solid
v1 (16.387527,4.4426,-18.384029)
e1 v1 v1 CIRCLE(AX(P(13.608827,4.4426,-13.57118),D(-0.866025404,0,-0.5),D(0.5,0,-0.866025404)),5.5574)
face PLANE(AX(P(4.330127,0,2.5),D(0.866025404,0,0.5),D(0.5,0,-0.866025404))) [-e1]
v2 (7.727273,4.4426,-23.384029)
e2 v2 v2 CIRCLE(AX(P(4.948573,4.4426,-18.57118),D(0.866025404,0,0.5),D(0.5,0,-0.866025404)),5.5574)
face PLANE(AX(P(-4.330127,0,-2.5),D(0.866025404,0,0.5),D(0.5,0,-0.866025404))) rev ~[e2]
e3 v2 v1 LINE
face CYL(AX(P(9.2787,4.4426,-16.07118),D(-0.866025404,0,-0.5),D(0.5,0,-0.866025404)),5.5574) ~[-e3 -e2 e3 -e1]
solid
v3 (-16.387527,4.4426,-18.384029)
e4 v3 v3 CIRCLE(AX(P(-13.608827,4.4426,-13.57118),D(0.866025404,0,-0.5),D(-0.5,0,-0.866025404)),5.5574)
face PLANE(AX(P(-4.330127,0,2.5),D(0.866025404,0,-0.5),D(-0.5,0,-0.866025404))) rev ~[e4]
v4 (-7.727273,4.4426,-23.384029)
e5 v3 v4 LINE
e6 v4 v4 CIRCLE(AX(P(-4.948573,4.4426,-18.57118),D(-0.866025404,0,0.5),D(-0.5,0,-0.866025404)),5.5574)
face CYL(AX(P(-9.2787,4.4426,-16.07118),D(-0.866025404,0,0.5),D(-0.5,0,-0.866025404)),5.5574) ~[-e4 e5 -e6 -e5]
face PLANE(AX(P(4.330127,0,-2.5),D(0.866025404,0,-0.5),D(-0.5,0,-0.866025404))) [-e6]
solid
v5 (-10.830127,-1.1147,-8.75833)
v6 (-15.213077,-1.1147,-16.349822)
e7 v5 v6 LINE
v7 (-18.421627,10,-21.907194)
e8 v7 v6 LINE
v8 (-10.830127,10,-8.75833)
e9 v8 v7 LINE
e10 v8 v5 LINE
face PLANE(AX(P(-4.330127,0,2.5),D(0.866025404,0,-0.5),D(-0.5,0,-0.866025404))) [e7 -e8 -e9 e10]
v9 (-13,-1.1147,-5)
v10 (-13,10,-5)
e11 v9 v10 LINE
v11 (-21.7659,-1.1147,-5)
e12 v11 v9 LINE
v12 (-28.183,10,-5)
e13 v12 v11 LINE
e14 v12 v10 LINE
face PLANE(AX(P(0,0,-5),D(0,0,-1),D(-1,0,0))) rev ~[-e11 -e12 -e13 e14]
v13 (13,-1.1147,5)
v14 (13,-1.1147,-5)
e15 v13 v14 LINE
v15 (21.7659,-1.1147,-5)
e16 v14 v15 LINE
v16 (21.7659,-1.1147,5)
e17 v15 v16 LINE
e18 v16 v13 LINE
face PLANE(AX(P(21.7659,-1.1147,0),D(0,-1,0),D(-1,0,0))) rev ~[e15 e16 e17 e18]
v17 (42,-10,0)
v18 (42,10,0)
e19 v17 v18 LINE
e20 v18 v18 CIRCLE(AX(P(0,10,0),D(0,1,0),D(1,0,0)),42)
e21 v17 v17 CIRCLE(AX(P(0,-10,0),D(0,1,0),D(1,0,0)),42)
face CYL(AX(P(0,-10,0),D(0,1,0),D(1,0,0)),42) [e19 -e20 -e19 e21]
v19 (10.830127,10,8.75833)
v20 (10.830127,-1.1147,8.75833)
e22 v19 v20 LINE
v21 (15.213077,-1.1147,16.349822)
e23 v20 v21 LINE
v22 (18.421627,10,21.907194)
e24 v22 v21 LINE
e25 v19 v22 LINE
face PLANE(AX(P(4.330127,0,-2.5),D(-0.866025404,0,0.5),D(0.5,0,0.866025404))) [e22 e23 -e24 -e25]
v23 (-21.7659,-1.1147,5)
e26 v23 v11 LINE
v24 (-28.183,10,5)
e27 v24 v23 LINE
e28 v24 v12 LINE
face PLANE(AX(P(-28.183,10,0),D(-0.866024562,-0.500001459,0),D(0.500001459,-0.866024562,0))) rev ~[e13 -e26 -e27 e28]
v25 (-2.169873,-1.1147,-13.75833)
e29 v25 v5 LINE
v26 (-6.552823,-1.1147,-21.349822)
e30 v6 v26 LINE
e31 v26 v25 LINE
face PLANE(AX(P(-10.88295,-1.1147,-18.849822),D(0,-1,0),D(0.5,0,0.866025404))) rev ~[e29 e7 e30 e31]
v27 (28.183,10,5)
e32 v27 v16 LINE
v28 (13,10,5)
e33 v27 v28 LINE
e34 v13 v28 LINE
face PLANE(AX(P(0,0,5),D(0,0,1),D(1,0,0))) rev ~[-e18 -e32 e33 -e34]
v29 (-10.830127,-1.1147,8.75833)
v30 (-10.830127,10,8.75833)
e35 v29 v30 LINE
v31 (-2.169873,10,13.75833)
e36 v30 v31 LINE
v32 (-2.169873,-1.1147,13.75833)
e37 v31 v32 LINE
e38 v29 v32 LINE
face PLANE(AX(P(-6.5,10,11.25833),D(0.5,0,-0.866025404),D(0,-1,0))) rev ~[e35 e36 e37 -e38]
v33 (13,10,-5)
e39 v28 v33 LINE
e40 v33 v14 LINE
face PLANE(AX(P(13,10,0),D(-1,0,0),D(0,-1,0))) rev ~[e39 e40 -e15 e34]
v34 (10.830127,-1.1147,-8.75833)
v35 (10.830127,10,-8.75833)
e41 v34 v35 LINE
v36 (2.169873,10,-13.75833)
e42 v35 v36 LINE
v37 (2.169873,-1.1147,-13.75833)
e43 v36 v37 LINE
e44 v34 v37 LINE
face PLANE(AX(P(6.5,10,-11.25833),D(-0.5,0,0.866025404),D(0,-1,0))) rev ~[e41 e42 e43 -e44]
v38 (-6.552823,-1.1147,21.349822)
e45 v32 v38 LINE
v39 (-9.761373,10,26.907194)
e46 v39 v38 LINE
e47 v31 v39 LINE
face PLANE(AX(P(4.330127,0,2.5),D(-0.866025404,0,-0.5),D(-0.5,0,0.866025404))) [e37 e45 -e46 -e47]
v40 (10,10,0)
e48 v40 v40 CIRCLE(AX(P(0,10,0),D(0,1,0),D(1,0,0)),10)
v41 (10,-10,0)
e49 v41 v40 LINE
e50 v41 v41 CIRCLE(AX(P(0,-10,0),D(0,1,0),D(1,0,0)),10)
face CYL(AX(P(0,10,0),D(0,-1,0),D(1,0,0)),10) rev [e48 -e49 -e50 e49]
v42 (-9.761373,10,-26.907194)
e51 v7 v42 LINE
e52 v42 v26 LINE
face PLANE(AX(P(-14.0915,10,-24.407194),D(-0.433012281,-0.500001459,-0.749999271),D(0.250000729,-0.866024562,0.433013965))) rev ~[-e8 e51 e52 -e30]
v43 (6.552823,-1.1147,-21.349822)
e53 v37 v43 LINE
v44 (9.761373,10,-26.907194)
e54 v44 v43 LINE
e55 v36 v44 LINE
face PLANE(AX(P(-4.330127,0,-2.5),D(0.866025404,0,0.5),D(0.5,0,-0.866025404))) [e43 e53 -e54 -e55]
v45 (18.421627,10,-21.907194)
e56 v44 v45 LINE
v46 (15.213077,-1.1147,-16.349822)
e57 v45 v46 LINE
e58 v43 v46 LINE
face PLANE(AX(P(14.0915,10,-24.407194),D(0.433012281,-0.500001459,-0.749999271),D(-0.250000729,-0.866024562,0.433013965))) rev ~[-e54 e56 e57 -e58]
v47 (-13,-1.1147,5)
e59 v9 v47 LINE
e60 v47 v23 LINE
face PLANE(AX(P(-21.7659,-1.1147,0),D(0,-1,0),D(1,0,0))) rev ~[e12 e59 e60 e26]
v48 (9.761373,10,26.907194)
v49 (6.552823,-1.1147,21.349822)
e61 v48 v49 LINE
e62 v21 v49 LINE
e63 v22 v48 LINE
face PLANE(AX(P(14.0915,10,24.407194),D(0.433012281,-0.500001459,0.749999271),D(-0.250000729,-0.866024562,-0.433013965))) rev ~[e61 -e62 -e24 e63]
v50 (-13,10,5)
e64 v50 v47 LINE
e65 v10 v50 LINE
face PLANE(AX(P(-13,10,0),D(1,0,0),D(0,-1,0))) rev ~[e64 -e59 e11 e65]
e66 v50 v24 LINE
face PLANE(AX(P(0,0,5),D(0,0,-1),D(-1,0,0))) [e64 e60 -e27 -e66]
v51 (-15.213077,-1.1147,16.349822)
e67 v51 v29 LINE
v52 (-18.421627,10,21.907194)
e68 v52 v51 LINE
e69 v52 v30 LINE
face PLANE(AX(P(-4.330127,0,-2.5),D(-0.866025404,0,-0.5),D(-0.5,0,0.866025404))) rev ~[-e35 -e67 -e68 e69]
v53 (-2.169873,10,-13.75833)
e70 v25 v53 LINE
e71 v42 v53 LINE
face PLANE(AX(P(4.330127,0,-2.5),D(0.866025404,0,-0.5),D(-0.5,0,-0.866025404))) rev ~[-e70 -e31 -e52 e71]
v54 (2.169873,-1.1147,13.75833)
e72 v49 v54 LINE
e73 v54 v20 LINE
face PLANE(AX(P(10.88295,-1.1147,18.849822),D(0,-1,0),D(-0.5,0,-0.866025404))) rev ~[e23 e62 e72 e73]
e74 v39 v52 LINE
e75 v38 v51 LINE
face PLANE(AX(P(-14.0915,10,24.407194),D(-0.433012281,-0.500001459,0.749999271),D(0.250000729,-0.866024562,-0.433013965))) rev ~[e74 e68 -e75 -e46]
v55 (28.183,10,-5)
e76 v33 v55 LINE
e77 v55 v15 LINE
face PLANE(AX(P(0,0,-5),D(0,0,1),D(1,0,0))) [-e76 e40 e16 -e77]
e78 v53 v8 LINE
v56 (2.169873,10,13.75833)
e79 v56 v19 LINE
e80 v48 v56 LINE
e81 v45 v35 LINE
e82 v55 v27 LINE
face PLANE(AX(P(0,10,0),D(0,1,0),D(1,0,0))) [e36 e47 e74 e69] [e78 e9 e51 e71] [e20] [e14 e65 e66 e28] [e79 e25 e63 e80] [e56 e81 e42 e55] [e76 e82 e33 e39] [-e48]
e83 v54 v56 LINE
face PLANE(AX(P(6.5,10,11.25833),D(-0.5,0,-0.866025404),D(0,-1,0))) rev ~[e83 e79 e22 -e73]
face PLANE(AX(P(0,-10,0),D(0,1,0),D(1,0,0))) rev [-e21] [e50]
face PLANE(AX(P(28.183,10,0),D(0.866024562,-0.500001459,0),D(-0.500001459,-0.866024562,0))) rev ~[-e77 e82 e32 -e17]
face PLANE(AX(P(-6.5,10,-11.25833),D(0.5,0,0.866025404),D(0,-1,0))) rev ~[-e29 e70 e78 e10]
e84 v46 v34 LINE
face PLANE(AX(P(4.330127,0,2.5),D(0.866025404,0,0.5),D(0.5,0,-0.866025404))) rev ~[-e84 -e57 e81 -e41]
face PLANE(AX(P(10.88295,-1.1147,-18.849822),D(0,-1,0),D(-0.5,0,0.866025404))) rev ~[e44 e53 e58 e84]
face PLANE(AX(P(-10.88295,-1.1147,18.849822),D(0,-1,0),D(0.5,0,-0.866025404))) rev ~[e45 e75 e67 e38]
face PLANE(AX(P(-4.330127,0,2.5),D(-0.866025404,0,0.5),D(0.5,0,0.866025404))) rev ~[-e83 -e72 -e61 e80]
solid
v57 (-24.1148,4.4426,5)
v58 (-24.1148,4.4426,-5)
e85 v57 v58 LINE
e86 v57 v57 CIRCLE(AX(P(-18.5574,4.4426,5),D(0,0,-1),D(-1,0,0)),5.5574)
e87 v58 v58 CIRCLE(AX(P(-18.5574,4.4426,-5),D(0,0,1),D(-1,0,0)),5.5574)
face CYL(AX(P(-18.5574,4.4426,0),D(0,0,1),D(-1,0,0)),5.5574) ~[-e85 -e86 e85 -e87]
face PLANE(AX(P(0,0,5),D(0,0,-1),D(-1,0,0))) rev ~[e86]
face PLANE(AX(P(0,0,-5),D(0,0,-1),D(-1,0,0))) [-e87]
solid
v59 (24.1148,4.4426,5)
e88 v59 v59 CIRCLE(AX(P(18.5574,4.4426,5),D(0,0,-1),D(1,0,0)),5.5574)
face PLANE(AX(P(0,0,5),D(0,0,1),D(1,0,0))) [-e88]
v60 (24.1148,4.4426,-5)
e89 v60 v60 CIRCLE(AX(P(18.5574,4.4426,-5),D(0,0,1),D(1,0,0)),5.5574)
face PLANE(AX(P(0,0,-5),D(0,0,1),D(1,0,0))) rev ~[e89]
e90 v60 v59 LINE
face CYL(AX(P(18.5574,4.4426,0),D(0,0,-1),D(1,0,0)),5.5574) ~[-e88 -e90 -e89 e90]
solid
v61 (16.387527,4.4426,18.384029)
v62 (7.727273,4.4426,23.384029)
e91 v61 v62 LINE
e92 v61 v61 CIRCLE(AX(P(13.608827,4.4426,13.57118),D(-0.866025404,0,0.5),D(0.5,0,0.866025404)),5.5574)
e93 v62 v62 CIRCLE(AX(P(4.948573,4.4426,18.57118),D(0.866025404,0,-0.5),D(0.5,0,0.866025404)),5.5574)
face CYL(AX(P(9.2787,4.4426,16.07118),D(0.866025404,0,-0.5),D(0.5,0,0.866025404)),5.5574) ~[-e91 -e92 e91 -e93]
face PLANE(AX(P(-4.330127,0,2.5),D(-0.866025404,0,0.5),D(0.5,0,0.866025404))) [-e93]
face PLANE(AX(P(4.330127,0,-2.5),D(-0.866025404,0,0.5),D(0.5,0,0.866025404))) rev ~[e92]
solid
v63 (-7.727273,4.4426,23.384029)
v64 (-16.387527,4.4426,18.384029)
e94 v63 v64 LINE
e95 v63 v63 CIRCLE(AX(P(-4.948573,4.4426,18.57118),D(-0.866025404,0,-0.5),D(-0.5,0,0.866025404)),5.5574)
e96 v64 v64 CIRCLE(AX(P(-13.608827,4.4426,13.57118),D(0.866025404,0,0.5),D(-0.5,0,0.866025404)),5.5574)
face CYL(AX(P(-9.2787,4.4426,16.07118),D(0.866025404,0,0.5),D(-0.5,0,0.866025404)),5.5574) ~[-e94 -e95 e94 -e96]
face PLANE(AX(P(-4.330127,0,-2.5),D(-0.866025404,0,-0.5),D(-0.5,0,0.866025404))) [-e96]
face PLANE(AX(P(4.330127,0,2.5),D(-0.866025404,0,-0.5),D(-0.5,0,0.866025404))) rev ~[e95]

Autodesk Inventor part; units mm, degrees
ref_plane "YZ Plane" through (0, 0, 0) normal (1, 0, 0) x (0, 1, 0)
ref_plane "XZ Plane" through (0, 0, 0) normal (0, 1, 0) x (-1, 0, 0)
ref_plane "XY Plane" through (0, 0, 0) normal (0, 0, 1) x (1, 0, 0)
sketch "草圖1" plane through (0, 0, 0) normal (0, 0, 1) x (1, 0, 0)
  line L0 (0, -12.1345) -> (0, 12.1345)
  line L1 (10, -10) -> (42, -10)
  line L2 (42, -10) -> (42, 10)
  line L3 (42, 10) -> (10, 10)
  line L4 (10, 10) -> (10, -10)
  line L5 (-15.5263, 0) -> (15.5263, 0)
  point P0 (0, 0)
  point P1 (0, 0)
  point P2 (10, 0)
  dimension "d0" = 20
  dimension "d1" = 20
  dimension "d2" = 84
revolve "迴轉1" add sketch "草圖1" angle 360 about axis through (0, -12.1345, 0) along (0, 1, 0)
sketch "草圖3" plane through (0, 0, 0) normal (0, 0, 1) x (1, 0, 0)
  line L0 (42, 10) -> (10, 10) projected
  line L1 (-15.5263, 0) -> (15.5263, 0) projected
  circle A0 centre (18.5574, 4.4426) radius 5.5574
  line L2 (28.183, 10) -> (21.7659, -1.1147)
  line L3 (21.7659, -1.1147) -> (13, -1.1147)
  line L4 (10, 10) -> (10, -10) projected
  line L5 (13, 10) -> (13, -1.1147)
  point P0 (0, 0)
  dimension "d5" = 60
  dimension "d6" = 3
extrude "擠出1" cut sketch "草圖3" along normal mid plane 10 contours L0 A0 L5 | L0 L2 A0 | A0 | A0 L1 L5 | A0 L3 L5 L1 | L2 L3 A0
pattern_circular "環形陣列1" count 6 over 360 about axis through (0, -10, 0) along (0, 1, 0) of "擠出1"
sketch "草圖4" plane through (0, 10, 0) normal (0, 1, 0) x (1, 0, 0)
  line L0 (0, 12.7017) -> (11, 6.3509)
  line L1 (11, 6.3509) -> (11, -6.3509)
  line L2 (11, -6.3509) -> (0, -12.7017)
  line L3 (0, -12.7017) -> (-11, -6.3509)
  line L4 (-11, -6.3509) -> (-11, 6.3509)
  line L5 (-11, 6.3509) -> (0, 12.7017)
  line L6 (13, -5) -> (13, 5) projected
  point P0 (0, 0)
  point P1 (0, 0)
  dimension "d12" = 11
  dimension "d13" = 2
extrude "擠出2" add sketch "草圖3" along normal mid plane 10 separate body contours A0
pattern_circular "環形陣列2" count 6 over 360 about axis through (0, -10, 0) along (0, 1, 0) of "擠出2" bodies 2
properties part number "self-regulating"
